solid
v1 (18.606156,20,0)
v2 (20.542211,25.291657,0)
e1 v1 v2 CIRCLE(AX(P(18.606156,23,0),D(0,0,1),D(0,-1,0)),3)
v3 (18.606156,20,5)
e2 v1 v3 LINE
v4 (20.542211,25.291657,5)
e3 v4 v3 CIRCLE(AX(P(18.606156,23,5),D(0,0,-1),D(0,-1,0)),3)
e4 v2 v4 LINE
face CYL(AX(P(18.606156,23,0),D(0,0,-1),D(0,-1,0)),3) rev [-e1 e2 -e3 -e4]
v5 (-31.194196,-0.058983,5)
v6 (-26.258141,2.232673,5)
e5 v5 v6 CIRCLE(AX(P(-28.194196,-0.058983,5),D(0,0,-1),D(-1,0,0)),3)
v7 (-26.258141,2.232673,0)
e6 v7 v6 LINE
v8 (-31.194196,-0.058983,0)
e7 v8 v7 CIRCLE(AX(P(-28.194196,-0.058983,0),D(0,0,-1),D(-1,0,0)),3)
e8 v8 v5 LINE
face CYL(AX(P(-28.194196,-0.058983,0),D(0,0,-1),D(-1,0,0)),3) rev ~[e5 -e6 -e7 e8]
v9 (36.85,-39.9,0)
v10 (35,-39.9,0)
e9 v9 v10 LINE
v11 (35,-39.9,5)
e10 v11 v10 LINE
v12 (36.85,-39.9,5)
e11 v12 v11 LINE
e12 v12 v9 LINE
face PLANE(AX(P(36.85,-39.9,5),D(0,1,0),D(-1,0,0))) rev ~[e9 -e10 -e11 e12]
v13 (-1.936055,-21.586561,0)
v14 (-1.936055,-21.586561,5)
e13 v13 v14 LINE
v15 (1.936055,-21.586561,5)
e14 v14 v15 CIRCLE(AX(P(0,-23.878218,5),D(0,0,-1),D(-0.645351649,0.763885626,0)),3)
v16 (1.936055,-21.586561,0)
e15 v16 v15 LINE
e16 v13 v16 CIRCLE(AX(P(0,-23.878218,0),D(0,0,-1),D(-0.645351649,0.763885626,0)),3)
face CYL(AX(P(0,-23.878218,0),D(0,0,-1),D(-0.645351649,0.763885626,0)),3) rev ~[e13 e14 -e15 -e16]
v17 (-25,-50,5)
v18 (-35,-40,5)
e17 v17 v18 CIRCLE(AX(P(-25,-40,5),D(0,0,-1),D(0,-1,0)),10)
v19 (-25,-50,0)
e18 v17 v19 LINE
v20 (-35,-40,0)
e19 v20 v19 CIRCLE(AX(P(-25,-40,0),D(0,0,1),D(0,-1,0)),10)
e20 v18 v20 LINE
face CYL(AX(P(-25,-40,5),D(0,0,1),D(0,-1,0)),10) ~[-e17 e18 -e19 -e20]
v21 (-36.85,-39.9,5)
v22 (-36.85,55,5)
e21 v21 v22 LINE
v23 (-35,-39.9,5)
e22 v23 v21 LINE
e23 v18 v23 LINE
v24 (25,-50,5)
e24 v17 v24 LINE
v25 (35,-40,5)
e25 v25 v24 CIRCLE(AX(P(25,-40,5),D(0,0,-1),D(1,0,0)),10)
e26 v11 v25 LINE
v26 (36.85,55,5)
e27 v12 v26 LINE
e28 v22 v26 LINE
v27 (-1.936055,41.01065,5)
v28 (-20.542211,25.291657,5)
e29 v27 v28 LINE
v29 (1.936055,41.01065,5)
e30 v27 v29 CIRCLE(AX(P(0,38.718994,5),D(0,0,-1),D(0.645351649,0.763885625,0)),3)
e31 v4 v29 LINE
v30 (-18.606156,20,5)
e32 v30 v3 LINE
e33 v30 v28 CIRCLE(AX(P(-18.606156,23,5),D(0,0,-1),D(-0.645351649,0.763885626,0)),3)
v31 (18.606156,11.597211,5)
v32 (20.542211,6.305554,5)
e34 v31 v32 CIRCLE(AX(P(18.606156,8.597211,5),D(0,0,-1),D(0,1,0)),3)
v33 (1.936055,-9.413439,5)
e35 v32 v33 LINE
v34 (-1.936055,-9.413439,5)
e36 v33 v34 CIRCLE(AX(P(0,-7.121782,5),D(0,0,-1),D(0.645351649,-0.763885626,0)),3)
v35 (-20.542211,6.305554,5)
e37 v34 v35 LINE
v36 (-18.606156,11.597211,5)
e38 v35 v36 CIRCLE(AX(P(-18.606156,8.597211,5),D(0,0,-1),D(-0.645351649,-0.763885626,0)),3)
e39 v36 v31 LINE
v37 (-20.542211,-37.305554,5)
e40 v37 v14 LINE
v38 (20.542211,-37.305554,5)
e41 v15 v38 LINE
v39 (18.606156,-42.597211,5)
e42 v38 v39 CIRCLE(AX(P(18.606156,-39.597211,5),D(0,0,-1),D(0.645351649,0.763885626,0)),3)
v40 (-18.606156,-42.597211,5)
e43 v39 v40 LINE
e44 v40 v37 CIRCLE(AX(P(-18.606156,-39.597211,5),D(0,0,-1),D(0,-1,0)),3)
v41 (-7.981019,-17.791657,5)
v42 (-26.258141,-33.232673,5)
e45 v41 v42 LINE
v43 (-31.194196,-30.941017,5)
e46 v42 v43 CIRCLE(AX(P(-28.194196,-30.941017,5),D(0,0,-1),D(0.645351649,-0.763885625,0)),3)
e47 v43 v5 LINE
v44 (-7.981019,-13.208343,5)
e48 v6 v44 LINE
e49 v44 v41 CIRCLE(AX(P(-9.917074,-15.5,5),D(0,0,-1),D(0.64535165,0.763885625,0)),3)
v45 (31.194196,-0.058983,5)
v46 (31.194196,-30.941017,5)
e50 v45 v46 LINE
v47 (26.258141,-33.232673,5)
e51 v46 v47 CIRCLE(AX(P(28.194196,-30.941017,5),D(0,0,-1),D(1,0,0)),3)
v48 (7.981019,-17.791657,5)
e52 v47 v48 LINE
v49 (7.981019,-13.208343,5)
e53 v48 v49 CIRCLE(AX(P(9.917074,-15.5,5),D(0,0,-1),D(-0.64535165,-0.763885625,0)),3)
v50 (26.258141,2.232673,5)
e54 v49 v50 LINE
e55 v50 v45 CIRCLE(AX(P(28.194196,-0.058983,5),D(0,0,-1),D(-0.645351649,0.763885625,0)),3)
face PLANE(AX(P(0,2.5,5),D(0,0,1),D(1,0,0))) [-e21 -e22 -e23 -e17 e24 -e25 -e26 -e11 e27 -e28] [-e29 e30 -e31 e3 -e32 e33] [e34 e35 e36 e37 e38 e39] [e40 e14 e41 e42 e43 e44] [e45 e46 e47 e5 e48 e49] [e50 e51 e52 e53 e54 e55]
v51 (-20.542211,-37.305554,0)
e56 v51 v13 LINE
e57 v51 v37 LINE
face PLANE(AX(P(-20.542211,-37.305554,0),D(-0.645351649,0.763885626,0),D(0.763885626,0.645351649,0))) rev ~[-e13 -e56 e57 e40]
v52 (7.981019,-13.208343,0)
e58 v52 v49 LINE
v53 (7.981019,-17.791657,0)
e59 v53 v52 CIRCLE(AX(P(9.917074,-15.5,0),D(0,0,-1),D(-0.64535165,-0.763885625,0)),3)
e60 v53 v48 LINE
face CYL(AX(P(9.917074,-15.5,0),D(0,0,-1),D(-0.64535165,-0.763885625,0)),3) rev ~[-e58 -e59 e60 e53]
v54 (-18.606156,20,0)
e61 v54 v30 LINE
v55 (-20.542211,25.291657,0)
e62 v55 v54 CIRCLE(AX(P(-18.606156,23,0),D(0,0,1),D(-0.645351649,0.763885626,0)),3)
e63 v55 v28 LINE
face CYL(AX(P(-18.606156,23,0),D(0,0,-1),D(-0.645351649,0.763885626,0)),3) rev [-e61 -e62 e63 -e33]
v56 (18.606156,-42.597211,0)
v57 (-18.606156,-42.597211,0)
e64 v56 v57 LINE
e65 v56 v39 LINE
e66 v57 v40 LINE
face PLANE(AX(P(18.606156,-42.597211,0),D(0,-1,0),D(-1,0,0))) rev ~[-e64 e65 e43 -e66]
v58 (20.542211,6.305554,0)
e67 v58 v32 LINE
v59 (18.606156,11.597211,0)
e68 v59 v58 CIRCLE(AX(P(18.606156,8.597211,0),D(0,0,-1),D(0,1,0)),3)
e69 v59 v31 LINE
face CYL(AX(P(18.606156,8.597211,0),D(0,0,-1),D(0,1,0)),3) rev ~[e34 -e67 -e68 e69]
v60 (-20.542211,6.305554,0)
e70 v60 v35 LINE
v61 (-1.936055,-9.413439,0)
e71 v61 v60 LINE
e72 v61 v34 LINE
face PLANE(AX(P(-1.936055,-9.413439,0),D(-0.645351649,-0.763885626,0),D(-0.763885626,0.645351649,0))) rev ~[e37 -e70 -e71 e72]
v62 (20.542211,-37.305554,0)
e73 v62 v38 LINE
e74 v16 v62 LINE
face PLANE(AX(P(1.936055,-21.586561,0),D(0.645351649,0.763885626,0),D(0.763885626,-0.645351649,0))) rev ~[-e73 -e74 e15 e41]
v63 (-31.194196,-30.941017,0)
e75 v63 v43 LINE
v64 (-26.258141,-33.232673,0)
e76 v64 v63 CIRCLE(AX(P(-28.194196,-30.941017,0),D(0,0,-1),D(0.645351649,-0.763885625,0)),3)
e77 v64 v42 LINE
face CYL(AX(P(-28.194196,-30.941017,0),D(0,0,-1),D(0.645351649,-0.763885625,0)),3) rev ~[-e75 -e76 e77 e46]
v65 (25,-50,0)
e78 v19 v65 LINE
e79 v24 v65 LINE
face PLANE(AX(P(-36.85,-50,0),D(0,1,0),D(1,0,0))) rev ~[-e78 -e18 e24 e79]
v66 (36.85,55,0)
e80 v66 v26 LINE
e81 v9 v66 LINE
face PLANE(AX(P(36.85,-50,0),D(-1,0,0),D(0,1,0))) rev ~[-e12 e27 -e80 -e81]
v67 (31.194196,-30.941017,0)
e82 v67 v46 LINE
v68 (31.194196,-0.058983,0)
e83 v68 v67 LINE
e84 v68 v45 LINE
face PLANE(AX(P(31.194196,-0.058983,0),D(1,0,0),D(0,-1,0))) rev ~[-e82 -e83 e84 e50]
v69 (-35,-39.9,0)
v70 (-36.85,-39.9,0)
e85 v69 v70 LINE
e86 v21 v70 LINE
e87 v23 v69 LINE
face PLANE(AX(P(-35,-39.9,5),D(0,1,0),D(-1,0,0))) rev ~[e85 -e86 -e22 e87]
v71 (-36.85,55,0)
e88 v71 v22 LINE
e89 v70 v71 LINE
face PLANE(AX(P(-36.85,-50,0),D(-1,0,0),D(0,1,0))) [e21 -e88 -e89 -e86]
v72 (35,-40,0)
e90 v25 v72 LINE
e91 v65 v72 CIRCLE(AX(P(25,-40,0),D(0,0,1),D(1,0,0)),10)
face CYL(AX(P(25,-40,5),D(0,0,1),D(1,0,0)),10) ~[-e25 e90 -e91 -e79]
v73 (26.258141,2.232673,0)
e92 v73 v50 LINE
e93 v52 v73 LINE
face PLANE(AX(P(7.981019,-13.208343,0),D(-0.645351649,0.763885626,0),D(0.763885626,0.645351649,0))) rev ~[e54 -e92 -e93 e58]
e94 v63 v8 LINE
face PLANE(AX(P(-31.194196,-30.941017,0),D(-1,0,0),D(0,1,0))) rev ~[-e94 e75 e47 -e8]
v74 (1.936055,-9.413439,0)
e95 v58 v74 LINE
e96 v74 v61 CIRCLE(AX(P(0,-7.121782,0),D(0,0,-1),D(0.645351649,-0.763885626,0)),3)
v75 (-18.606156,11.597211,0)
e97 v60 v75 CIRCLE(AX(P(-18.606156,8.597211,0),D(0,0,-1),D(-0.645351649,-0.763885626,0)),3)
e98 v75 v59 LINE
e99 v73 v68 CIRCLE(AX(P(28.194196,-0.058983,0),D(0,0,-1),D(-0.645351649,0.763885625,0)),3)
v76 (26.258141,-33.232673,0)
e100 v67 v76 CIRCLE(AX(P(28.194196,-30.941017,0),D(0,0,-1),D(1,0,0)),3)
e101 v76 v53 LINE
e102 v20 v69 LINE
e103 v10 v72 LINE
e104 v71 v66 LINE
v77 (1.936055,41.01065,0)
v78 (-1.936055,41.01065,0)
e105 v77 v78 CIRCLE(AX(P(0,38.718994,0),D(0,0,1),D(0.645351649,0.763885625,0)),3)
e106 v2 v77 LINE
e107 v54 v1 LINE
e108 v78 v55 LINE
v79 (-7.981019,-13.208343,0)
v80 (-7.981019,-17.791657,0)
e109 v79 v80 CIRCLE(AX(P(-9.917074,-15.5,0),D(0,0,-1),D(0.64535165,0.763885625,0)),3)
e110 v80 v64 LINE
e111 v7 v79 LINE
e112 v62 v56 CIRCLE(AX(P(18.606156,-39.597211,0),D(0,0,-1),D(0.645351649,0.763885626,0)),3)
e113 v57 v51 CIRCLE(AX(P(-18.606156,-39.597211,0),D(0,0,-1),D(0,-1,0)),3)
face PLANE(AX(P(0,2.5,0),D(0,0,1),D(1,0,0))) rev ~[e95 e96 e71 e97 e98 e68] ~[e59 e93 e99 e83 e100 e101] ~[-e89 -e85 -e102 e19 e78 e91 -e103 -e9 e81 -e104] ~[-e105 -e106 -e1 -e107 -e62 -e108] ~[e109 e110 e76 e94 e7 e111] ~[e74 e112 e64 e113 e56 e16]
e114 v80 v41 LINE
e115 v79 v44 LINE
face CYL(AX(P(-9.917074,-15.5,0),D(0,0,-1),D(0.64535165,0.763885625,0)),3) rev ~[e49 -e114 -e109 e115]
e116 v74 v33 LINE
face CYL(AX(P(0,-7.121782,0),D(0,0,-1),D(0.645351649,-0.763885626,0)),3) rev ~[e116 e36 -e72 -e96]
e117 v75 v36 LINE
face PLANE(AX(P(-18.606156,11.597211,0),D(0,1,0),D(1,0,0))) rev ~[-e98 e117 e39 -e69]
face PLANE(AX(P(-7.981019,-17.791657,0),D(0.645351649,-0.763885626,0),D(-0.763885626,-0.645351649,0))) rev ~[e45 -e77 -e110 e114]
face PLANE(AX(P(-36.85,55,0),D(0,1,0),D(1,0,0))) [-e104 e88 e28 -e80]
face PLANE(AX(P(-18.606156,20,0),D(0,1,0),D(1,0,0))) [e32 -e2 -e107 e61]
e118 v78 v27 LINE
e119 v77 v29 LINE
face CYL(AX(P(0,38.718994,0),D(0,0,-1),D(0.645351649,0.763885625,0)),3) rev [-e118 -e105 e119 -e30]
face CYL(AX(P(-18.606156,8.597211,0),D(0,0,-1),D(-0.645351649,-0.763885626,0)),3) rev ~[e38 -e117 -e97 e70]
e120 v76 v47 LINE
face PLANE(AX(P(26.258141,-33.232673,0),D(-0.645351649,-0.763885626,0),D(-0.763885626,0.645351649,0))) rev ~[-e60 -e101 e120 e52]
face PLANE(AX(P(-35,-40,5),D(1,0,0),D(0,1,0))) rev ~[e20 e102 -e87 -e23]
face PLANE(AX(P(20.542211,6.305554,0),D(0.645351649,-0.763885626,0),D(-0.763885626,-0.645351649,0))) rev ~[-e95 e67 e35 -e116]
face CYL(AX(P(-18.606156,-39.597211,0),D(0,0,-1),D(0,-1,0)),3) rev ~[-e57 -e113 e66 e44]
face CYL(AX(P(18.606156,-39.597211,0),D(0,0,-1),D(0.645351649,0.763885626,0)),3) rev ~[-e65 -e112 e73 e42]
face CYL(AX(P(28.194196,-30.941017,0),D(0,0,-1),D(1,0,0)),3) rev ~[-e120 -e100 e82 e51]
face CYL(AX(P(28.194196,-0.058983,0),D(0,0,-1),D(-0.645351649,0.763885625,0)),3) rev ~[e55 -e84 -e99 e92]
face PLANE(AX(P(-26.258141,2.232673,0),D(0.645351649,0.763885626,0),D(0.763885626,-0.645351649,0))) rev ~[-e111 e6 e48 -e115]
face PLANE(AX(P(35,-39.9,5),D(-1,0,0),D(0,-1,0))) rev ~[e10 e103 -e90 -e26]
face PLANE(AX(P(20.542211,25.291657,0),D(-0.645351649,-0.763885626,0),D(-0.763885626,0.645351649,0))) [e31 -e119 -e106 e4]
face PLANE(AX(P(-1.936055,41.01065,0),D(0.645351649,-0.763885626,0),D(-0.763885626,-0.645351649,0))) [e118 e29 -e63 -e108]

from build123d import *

# Parameters (mm, degrees)
SKETCH1_W           = 73.7
SKETCH1_H           = 105
BOSS_EXTRUDE1_DEPTH = 5
CUT_EXTRUDE1_REACH  = 68.392
CUT_EXTRUDE2_DEPTH  = 67.39218704


with BuildPart() as part:
    # Sketch1 → Boss-Extrude1 (new body)
    with BuildSketch(Plane.XY):
        with Locations((0, 2.5)):
            Rectangle(SKETCH1_W, SKETCH1_H)
    extrude(amount=BOSS_EXTRUDE1_DEPTH)

    # Sketch2 → Cut-Extrude1 (cut, up to next)
    with BuildSketch(Plane(origin=(0, 0, 0), x_dir=(-1, 0, 0), z_dir=(0, 0, -1)), mode=Mode.PRIVATE) as cut_extrude1_sk1:
        with BuildLine():
            Line((-18.606155591, -42.597211127), (18.606155591, -42.597211127))
            ThreePointArc((18.606155591, -42.597211127), (21.423509903, -40.627994657), (20.542210539, -37.30555425))
            Line((20.542210539, -37.30555425), (1.936054948, -21.586560733))
            ThreePointArc((1.936054948, -21.586560733), (0, -20.87821761), (-1.936054948, -21.586560733))
            Line((-1.936054948, -21.586560733), (-20.542210539, -37.30555425))
            ThreePointArc((-20.542210539, -37.30555425), (-21.423509903, -40.627994657), (-18.606155591, -42.597211127))
        make_face()
    cut_extrude1_tool1 = extrude(cut_extrude1_sk1.sketch, amount=-CUT_EXTRUDE1_REACH, mode=Mode.PRIVATE) & part.part
    # Sketch2 → Cut-Extrude1 (cut, up to next)
    with BuildSketch(Plane(origin=(0, 0, 0), x_dir=(-1, 0, 0), z_dir=(0, 0, -1)), mode=Mode.PRIVATE) as cut_extrude1_sk2:
        with BuildLine():
            Line((7.981018958, -17.791656877), (26.25814066, -33.232673486))
            ThreePointArc((26.25814066, -33.232673486), (29.457491922, -33.662060972), (31.194195607, -30.94101661))
            Line((31.194195607, -30.94101661), (31.194195607, -0.05898339))
            ThreePointArc((31.194195607, -0.05898339), (29.457491922, 2.662060972), (26.25814066, 2.232673486))
            Line((26.25814066, 2.232673486), (7.981018958, -13.208343123))
            ThreePointArc((7.981018958, -13.208343123), (6.917073906, -15.5), (7.981018958, -17.791656877))
        make_face()
    cut_extrude1_tool2 = extrude(cut_extrude1_sk2.sketch, amount=-CUT_EXTRUDE1_REACH, mode=Mode.PRIVATE) & part.part
    # Sketch2 → Cut-Extrude1 (cut, up to next)
    with BuildSketch(Plane(origin=(0, 0, 0), x_dir=(-1, 0, 0), z_dir=(0, 0, -1)), mode=Mode.PRIVATE) as cut_extrude1_sk3:
        with BuildLine():
            Line((-31.194195607, -0.05898339), (-31.194195607, -30.94101661))
            ThreePointArc((-31.194195607, -30.94101661), (-29.457491922, -33.662060972), (-26.25814066, -33.232673486))
            Line((-26.25814066, -33.232673486), (-7.981018958, -17.791656877))
            ThreePointArc((-7.981018958, -17.791656877), (-6.917073906, -15.5), (-7.981018958, -13.208343123))
            Line((-7.981018958, -13.208343123), (-26.25814066, 2.232673486))
            ThreePointArc((-26.25814066, 2.232673486), (-29.457491922, 2.662060972), (-31.194195607, -0.05898339))
        make_face()
    cut_extrude1_tool3 = extrude(cut_extrude1_sk3.sketch, amount=-CUT_EXTRUDE1_REACH, mode=Mode.PRIVATE) & part.part
    # Sketch2 → Cut-Extrude1 (cut, up to next)
    with BuildSketch(Plane(origin=(0, 0, 0), x_dir=(-1, 0, 0), z_dir=(0, 0, -1)), mode=Mode.PRIVATE) as cut_extrude1_sk4:
        with BuildLine():
            Line((18.606155591, 11.597211127), (-18.606155591, 11.597211127))
            ThreePointArc((-18.606155591, 11.597211127), (-21.423509903, 9.627994657), (-20.542210539, 6.30555425))
            Line((-20.542210539, 6.30555425), (-1.936054948, -9.413439267))
            ThreePointArc((-1.936054948, -9.413439267), (0, -10.12178239), (1.936054948, -9.413439267))
            Line((1.936054948, -9.413439267), (20.542210539, 6.30555425))
            ThreePointArc((20.542210539, 6.30555425), (21.423509903, 9.627994657), (18.606155591, 11.597211127))
        make_face()
    cut_extrude1_tool4 = extrude(cut_extrude1_sk4.sketch, amount=-CUT_EXTRUDE1_REACH, mode=Mode.PRIVATE) & part.part
    # Sketch2 → Cut-Extrude1 (cut, up to next)
    with BuildSketch(Plane(origin=(0, 0, 0), x_dir=(-1, 0, 0), z_dir=(0, 0, -1)), mode=Mode.PRIVATE) as cut_extrude1_sk5:
        with BuildLine():
            Line((18.606155591, 20), (-18.606155591, 20))
            ThreePointArc((-18.606155591, 20), (-21.423509903, 21.96921647), (-20.542210539, 25.291656877))
            Line((-20.542210539, 25.291656877), (-1.936054948, 41.010650393))
            ThreePointArc((-1.936054948, 41.010650393), (0, 41.718993517), (1.936054948, 41.010650393))
            Line((1.936054948, 41.010650393), (20.542210539, 25.291656877))
            ThreePointArc((20.542210539, 25.291656877), (21.423509903, 21.96921647), (18.606155591, 20))
        make_face()
    cut_extrude1_tool5 = extrude(cut_extrude1_sk5.sketch, amount=-CUT_EXTRUDE1_REACH, mode=Mode.PRIVATE) & part.part
    add(cut_extrude1_tool1.solids().sort_by_distance((0, -34.791369, 0))[0], mode=Mode.SUBTRACT)
    add(cut_extrude1_tool2.solids().sort_by_distance((-22.387881, -15.5, 0))[0], mode=Mode.SUBTRACT)
    add(cut_extrude1_tool3.solids().sort_by_distance((22.387881, -15.5, 0))[0], mode=Mode.SUBTRACT)
    add(cut_extrude1_tool4.solids().sort_by_distance((0, 3.791369, 0))[0], mode=Mode.SUBTRACT)
    add(cut_extrude1_tool5.solids().sort_by_distance((0, 27.805842, 0))[0], mode=Mode.SUBTRACT)

    # Sketch7 → Cut-Extrude2 (cut, through all)
    with BuildSketch(Plane.XY.offset(5)):
        with BuildLine():
            Line((-36.85, -39.9), (-36.85, -50))
            Line((-36.85, -50), (-25, -50))
            ThreePointArc((-25, -50), (-32.071067812, -47.071067812), (-35, -40))
            Line((-35, -40), (-35, -39.9))
            Line((-35, -39.9), (-36.85, -39.9))
        make_face()
        with BuildLine():
            ThreePointArc((35, -40), (32.071067812, -47.071067812), (25, -50))
            Line((25, -50), (36.85, -50))
            Line((36.85, -50), (36.85, -39.9))
            Line((36.85, -39.9), (35, -39.9))
            Line((35, -39.9), (35, -40))
        make_face()
    extrude(amount=-CUT_EXTRUDE2_DEPTH, mode=Mode.SUBTRACT)


solid = part.part
